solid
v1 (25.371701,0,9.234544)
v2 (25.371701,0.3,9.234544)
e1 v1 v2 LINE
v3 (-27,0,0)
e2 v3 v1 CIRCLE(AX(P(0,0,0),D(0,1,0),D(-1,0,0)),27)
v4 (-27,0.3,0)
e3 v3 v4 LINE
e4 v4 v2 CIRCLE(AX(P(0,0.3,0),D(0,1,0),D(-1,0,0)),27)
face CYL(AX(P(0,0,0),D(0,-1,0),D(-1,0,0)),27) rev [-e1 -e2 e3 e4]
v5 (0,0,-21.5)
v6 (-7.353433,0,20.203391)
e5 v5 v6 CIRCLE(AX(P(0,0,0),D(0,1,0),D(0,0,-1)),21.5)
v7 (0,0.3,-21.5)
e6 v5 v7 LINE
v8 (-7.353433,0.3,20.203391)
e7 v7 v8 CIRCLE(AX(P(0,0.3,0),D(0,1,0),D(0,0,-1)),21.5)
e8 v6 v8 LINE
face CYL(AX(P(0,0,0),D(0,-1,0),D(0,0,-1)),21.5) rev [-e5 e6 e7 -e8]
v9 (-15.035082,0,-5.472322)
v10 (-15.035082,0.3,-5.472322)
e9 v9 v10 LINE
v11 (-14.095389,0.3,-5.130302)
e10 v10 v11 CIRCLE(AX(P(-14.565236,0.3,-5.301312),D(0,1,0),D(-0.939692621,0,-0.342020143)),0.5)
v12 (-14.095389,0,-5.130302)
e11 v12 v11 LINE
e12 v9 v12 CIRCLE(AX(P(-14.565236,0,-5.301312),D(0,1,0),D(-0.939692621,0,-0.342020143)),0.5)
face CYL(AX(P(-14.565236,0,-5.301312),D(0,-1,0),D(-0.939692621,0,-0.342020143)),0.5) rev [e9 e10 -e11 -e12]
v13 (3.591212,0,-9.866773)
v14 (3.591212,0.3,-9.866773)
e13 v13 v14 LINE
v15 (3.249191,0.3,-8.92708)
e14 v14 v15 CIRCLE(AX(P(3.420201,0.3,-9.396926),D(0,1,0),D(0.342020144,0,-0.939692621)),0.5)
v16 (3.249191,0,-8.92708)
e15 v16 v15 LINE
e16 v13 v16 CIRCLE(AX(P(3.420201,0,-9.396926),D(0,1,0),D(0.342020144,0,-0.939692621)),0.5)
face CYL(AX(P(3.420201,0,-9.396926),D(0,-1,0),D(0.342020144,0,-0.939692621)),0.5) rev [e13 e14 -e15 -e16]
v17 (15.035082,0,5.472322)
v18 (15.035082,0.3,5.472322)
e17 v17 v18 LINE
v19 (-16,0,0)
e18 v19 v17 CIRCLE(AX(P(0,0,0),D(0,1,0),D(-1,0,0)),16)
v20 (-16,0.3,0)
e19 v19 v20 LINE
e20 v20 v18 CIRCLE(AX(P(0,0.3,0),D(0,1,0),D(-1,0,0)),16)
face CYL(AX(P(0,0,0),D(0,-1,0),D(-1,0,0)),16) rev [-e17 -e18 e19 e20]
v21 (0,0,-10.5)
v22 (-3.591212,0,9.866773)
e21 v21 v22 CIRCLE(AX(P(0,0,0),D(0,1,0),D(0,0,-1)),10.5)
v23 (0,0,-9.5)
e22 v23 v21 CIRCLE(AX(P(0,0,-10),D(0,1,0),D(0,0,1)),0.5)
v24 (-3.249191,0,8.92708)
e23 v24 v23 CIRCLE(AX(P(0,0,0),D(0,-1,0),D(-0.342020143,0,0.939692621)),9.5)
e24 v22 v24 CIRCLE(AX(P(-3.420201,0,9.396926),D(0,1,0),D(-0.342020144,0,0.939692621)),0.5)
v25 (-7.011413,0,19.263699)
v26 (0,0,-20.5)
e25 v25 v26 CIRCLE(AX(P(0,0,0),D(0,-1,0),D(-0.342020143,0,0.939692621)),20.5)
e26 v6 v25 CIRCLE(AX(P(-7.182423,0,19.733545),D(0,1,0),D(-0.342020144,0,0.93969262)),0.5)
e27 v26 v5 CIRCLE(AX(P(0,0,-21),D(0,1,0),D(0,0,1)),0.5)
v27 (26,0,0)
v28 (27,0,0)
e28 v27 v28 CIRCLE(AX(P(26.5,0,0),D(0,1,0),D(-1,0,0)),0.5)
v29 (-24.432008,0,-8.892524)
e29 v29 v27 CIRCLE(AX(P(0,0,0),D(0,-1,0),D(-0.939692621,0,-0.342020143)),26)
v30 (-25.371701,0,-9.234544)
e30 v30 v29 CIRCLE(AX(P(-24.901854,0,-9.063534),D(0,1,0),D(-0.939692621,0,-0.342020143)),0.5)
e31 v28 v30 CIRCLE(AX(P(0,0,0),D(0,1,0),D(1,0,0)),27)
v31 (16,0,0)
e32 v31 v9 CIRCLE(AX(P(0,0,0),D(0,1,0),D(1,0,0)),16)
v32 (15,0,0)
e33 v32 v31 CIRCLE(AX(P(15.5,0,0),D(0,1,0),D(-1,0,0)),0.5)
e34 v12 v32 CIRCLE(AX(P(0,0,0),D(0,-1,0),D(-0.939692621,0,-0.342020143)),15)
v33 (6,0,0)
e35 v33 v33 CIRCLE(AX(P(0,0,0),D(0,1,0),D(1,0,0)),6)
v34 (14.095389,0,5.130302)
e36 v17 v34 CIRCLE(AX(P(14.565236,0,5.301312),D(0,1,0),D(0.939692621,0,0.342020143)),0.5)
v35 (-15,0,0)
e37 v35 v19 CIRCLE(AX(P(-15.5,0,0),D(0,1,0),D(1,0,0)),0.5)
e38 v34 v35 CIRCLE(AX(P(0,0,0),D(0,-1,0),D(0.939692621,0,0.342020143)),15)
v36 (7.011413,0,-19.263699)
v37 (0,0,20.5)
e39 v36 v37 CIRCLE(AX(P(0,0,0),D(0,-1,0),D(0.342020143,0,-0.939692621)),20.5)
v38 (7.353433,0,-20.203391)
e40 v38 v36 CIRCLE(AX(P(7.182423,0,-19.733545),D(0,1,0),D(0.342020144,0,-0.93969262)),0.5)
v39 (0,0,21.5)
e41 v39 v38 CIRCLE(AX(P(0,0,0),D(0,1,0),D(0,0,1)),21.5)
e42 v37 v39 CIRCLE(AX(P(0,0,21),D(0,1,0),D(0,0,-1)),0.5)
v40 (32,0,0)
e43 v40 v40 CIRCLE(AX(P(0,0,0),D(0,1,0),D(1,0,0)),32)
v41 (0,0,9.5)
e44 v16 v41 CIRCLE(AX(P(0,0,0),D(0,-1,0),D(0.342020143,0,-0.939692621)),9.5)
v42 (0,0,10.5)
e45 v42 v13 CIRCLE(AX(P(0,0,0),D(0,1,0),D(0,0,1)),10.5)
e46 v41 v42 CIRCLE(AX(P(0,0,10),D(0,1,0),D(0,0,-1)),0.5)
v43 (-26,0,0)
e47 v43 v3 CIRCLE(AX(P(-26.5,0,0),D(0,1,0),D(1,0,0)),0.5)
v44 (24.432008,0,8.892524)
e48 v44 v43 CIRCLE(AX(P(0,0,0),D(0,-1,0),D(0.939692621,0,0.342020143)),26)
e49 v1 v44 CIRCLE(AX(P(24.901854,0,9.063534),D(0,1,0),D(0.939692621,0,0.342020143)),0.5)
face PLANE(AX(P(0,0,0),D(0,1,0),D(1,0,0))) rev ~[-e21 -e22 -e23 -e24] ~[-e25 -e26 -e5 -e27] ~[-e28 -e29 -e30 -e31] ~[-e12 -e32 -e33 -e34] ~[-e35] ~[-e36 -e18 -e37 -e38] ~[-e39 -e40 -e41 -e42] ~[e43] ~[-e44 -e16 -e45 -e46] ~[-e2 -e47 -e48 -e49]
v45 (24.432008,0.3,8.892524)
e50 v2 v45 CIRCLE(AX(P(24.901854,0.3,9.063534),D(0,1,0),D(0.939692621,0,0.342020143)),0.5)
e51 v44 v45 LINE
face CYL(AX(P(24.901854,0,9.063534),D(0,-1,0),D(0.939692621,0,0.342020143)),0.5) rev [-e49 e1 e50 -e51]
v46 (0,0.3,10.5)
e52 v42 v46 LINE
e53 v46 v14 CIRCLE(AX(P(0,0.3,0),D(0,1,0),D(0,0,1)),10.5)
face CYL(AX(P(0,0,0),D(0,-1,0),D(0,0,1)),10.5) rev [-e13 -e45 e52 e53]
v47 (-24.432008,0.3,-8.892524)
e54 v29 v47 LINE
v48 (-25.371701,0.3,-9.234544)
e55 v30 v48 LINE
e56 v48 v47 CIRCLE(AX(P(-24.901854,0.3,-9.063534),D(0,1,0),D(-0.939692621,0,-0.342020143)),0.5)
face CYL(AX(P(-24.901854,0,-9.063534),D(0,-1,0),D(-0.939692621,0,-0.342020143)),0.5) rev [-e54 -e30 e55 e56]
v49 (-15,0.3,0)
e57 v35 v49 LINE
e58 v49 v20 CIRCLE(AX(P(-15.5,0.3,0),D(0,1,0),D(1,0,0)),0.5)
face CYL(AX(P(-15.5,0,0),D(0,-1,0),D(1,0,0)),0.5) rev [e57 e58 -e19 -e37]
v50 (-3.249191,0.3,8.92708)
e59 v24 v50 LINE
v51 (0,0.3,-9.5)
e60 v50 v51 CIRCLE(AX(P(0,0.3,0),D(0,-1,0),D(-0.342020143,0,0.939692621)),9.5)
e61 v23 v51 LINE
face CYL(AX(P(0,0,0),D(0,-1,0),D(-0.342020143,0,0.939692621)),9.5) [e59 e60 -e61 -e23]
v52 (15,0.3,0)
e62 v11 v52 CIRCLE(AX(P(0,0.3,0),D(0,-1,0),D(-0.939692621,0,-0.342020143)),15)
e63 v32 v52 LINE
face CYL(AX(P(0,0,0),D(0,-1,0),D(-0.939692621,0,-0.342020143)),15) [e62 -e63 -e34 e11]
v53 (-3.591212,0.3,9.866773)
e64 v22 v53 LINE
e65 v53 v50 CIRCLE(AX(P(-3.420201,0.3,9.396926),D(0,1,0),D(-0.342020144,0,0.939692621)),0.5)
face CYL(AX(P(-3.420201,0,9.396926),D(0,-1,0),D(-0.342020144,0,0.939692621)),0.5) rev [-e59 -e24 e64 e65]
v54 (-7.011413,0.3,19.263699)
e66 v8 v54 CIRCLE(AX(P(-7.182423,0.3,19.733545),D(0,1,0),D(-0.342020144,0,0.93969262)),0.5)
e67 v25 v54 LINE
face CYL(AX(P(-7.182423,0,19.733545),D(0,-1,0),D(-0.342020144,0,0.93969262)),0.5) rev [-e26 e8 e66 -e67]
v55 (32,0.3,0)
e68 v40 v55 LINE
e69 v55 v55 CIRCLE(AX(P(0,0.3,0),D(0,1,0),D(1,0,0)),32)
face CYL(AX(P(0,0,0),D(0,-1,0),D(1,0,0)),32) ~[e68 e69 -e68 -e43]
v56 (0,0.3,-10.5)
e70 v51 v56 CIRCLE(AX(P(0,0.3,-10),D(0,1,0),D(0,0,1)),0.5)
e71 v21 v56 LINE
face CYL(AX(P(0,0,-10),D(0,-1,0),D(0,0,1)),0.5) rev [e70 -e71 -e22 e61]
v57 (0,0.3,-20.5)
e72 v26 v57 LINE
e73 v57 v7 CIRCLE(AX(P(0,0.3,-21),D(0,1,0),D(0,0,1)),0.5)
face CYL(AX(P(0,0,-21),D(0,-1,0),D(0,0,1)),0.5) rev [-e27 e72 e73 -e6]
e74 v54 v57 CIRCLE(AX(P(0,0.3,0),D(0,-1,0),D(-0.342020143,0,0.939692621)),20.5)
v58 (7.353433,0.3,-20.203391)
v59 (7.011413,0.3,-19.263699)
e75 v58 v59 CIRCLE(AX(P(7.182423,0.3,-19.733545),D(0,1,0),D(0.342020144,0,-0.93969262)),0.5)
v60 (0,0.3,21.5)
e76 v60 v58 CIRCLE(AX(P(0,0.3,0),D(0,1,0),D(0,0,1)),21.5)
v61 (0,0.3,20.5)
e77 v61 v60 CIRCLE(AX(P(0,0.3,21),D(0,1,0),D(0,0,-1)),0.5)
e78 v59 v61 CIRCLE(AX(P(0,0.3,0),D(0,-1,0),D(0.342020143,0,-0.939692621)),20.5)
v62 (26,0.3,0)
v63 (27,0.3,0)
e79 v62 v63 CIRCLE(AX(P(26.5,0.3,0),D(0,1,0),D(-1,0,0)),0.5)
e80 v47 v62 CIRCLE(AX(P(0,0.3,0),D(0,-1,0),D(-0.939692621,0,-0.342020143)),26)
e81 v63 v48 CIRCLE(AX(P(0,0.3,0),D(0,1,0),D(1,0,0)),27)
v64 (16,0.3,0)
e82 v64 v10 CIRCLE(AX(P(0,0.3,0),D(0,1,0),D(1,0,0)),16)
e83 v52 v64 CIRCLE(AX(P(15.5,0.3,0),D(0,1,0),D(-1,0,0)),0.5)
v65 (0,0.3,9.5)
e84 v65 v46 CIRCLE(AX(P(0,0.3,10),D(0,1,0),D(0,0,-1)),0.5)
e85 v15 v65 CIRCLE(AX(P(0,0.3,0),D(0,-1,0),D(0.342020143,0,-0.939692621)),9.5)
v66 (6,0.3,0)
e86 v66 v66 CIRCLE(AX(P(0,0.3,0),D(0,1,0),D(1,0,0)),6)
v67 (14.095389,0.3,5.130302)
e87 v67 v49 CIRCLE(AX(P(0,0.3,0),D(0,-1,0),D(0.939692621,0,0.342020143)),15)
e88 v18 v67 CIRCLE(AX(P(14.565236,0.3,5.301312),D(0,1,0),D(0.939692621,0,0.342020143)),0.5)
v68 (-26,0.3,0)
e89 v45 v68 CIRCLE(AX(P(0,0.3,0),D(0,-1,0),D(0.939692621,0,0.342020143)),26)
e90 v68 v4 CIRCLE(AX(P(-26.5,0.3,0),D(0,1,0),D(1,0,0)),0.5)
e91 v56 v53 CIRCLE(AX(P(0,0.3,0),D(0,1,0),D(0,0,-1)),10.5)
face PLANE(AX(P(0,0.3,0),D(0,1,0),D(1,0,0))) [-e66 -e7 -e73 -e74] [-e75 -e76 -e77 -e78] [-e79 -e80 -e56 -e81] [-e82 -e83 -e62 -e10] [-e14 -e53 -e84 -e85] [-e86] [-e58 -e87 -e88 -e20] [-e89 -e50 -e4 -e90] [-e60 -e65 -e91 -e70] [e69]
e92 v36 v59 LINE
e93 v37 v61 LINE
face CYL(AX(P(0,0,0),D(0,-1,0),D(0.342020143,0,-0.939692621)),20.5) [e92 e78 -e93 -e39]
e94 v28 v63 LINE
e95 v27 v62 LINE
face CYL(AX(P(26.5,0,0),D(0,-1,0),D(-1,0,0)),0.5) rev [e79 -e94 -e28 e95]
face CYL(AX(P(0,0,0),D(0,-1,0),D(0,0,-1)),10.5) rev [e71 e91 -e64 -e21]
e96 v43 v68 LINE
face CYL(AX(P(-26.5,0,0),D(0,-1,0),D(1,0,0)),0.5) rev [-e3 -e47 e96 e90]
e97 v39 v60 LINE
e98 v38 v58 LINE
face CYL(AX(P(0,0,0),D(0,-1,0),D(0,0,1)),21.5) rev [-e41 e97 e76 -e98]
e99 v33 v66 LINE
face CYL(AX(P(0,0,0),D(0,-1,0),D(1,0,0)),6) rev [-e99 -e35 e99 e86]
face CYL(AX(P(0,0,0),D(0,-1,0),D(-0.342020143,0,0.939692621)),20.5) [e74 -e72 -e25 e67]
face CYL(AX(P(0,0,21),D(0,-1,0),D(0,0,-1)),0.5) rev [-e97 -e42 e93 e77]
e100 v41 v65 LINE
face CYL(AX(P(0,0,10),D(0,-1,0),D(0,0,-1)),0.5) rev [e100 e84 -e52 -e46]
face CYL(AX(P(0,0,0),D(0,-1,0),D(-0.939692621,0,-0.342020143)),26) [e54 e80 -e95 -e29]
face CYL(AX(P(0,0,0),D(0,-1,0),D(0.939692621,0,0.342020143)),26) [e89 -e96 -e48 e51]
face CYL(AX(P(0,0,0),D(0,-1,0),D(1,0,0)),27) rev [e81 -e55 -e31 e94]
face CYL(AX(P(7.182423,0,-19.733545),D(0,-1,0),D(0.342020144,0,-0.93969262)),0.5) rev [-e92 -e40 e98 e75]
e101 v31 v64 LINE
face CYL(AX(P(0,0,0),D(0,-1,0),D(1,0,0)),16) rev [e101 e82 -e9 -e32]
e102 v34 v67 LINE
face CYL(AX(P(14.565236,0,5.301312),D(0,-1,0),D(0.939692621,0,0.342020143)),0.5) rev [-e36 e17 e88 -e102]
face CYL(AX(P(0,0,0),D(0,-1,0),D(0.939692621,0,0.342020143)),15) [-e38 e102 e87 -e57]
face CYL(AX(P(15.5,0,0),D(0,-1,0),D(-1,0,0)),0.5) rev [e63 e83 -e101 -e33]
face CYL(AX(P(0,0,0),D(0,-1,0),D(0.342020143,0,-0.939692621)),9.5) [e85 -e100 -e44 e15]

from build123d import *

# Parameters (mm, degrees)
SKETCH1_R           = 32
SKETCH1_R_2         = 6
BOSS_EXTRUDE1_DEPTH = 0.3


with BuildPart() as part:
    # Sketch1 → Boss-Extrude1 (new body)
    with BuildSketch(Plane(origin=(0, 0, 0), x_dir=(1, 0, 0), z_dir=(0, 1, 0))):
        Circle(SKETCH1_R)
        Circle(SKETCH1_R_2, mode=Mode.SUBTRACT)
        with BuildLine():
            ThreePointArc((27, 0), (4.688500797, 26.589809331), (-25.371700761, 9.23454387))
            ThreePointArc((-25.371700761, 9.23454387), (-25.072864522, 8.593687488), (-24.43200814, 8.892523726))
            ThreePointArc((-24.43200814, 8.892523726), (4.514852619, 25.605001578), (26, 0))
            ThreePointArc((26, 0), (26.5, -0.5), (27, 0))
        make_face(mode=Mode.SUBTRACT)
        with BuildLine():
            ThreePointArc((0, 21.5), (-21.17336669, 3.73343582), (-7.353433082, -20.203391347))
            ThreePointArc((-7.353433082, -20.203391347), (-6.712576699, -19.904555108), (-7.011412938, -19.263698726))
            ThreePointArc((-7.011412938, -19.263698726), (-20.188558937, 3.559787642), (0, 20.5))
            ThreePointArc((0, 20.5), (0.5, 21), (0, 21.5))
        make_face(mode=Mode.SUBTRACT)
        with BuildLine():
            ThreePointArc((16, 0), (2.778370843, 15.756924048), (-15.035081933, 5.472322293))
            ThreePointArc((-15.035081933, 5.472322293), (-14.736245694, 4.831465911), (-14.095389312, 5.13030215))
            ThreePointArc((-14.095389312, 5.13030215), (2.604722665, 14.772116295), (15, 0))
            ThreePointArc((15, 0), (15.5, -0.5), (16, 0))
        make_face(mode=Mode.SUBTRACT)
        with BuildLine():
            ThreePointArc((0, -21.5), (21.17336669, -3.73343582), (7.353433082, 20.203391347))
            ThreePointArc((7.353433082, 20.203391347), (6.712576699, 19.904555108), (7.011412938, 19.263698726))
            ThreePointArc((7.011412938, 19.263698726), (20.188558937, -3.559787642), (0, -20.5))
            ThreePointArc((0, -20.5), (-0.5, -21), (0, -21.5))
        make_face(mode=Mode.SUBTRACT)
        with BuildLine():
            ThreePointArc((0, 10.5), (-10.340481407, 1.823305866), (-3.591211505, -9.866772518))
            ThreePointArc((-3.591211505, -9.866772518), (-2.950355123, -9.56793628), (-3.249191362, -8.927079897))
            ThreePointArc((-3.249191362, -8.927079897), (-9.355673654, 1.649657688), (0, 9.5))
            ThreePointArc((0, 9.5), (0.5, 10), (0, 10.5))
        make_face(mode=Mode.SUBTRACT)
        with BuildLine():
            ThreePointArc((0, -10.5), (10.340481407, -1.823305866), (3.591211505, 9.866772518))
            ThreePointArc((3.591211505, 9.866772518), (2.950355123, 9.56793628), (3.249191362, 8.927079897))
            ThreePointArc((3.249191362, 8.927079897), (9.355673654, -1.649657688), (0, -9.5))
            ThreePointArc((0, -9.5), (-0.5, -10), (0, -10.5))
        make_face(mode=Mode.SUBTRACT)
        with BuildLine():
            ThreePointArc((-16, 0), (-2.778370843, -15.756924048), (15.035081933, -5.472322293))
            ThreePointArc((15.035081933, -5.472322293), (14.736245694, -4.831465911), (14.095389312, -5.13030215))
            ThreePointArc((14.095389312, -5.13030215), (-2.604722665, -14.772116295), (-15, 0))
            ThreePointArc((-15, 0), (-15.5, 0.5), (-16, 0))
        make_face(mode=Mode.SUBTRACT)
        with BuildLine():
            ThreePointArc((-27, 0), (-4.688500797, -26.589809331), (25.371700761, -9.23454387))
            ThreePointArc((25.371700761, -9.23454387), (25.072864522, -8.593687488), (24.43200814, -8.892523726))
            ThreePointArc((24.43200814, -8.892523726), (-4.514852619, -25.605001578), (-26, 0))
            ThreePointArc((-26, 0), (-26.5, 0.5), (-27, 0))
        make_face(mode=Mode.SUBTRACT)
    extrude(amount=BOSS_EXTRUDE1_DEPTH)


solid = part.part
